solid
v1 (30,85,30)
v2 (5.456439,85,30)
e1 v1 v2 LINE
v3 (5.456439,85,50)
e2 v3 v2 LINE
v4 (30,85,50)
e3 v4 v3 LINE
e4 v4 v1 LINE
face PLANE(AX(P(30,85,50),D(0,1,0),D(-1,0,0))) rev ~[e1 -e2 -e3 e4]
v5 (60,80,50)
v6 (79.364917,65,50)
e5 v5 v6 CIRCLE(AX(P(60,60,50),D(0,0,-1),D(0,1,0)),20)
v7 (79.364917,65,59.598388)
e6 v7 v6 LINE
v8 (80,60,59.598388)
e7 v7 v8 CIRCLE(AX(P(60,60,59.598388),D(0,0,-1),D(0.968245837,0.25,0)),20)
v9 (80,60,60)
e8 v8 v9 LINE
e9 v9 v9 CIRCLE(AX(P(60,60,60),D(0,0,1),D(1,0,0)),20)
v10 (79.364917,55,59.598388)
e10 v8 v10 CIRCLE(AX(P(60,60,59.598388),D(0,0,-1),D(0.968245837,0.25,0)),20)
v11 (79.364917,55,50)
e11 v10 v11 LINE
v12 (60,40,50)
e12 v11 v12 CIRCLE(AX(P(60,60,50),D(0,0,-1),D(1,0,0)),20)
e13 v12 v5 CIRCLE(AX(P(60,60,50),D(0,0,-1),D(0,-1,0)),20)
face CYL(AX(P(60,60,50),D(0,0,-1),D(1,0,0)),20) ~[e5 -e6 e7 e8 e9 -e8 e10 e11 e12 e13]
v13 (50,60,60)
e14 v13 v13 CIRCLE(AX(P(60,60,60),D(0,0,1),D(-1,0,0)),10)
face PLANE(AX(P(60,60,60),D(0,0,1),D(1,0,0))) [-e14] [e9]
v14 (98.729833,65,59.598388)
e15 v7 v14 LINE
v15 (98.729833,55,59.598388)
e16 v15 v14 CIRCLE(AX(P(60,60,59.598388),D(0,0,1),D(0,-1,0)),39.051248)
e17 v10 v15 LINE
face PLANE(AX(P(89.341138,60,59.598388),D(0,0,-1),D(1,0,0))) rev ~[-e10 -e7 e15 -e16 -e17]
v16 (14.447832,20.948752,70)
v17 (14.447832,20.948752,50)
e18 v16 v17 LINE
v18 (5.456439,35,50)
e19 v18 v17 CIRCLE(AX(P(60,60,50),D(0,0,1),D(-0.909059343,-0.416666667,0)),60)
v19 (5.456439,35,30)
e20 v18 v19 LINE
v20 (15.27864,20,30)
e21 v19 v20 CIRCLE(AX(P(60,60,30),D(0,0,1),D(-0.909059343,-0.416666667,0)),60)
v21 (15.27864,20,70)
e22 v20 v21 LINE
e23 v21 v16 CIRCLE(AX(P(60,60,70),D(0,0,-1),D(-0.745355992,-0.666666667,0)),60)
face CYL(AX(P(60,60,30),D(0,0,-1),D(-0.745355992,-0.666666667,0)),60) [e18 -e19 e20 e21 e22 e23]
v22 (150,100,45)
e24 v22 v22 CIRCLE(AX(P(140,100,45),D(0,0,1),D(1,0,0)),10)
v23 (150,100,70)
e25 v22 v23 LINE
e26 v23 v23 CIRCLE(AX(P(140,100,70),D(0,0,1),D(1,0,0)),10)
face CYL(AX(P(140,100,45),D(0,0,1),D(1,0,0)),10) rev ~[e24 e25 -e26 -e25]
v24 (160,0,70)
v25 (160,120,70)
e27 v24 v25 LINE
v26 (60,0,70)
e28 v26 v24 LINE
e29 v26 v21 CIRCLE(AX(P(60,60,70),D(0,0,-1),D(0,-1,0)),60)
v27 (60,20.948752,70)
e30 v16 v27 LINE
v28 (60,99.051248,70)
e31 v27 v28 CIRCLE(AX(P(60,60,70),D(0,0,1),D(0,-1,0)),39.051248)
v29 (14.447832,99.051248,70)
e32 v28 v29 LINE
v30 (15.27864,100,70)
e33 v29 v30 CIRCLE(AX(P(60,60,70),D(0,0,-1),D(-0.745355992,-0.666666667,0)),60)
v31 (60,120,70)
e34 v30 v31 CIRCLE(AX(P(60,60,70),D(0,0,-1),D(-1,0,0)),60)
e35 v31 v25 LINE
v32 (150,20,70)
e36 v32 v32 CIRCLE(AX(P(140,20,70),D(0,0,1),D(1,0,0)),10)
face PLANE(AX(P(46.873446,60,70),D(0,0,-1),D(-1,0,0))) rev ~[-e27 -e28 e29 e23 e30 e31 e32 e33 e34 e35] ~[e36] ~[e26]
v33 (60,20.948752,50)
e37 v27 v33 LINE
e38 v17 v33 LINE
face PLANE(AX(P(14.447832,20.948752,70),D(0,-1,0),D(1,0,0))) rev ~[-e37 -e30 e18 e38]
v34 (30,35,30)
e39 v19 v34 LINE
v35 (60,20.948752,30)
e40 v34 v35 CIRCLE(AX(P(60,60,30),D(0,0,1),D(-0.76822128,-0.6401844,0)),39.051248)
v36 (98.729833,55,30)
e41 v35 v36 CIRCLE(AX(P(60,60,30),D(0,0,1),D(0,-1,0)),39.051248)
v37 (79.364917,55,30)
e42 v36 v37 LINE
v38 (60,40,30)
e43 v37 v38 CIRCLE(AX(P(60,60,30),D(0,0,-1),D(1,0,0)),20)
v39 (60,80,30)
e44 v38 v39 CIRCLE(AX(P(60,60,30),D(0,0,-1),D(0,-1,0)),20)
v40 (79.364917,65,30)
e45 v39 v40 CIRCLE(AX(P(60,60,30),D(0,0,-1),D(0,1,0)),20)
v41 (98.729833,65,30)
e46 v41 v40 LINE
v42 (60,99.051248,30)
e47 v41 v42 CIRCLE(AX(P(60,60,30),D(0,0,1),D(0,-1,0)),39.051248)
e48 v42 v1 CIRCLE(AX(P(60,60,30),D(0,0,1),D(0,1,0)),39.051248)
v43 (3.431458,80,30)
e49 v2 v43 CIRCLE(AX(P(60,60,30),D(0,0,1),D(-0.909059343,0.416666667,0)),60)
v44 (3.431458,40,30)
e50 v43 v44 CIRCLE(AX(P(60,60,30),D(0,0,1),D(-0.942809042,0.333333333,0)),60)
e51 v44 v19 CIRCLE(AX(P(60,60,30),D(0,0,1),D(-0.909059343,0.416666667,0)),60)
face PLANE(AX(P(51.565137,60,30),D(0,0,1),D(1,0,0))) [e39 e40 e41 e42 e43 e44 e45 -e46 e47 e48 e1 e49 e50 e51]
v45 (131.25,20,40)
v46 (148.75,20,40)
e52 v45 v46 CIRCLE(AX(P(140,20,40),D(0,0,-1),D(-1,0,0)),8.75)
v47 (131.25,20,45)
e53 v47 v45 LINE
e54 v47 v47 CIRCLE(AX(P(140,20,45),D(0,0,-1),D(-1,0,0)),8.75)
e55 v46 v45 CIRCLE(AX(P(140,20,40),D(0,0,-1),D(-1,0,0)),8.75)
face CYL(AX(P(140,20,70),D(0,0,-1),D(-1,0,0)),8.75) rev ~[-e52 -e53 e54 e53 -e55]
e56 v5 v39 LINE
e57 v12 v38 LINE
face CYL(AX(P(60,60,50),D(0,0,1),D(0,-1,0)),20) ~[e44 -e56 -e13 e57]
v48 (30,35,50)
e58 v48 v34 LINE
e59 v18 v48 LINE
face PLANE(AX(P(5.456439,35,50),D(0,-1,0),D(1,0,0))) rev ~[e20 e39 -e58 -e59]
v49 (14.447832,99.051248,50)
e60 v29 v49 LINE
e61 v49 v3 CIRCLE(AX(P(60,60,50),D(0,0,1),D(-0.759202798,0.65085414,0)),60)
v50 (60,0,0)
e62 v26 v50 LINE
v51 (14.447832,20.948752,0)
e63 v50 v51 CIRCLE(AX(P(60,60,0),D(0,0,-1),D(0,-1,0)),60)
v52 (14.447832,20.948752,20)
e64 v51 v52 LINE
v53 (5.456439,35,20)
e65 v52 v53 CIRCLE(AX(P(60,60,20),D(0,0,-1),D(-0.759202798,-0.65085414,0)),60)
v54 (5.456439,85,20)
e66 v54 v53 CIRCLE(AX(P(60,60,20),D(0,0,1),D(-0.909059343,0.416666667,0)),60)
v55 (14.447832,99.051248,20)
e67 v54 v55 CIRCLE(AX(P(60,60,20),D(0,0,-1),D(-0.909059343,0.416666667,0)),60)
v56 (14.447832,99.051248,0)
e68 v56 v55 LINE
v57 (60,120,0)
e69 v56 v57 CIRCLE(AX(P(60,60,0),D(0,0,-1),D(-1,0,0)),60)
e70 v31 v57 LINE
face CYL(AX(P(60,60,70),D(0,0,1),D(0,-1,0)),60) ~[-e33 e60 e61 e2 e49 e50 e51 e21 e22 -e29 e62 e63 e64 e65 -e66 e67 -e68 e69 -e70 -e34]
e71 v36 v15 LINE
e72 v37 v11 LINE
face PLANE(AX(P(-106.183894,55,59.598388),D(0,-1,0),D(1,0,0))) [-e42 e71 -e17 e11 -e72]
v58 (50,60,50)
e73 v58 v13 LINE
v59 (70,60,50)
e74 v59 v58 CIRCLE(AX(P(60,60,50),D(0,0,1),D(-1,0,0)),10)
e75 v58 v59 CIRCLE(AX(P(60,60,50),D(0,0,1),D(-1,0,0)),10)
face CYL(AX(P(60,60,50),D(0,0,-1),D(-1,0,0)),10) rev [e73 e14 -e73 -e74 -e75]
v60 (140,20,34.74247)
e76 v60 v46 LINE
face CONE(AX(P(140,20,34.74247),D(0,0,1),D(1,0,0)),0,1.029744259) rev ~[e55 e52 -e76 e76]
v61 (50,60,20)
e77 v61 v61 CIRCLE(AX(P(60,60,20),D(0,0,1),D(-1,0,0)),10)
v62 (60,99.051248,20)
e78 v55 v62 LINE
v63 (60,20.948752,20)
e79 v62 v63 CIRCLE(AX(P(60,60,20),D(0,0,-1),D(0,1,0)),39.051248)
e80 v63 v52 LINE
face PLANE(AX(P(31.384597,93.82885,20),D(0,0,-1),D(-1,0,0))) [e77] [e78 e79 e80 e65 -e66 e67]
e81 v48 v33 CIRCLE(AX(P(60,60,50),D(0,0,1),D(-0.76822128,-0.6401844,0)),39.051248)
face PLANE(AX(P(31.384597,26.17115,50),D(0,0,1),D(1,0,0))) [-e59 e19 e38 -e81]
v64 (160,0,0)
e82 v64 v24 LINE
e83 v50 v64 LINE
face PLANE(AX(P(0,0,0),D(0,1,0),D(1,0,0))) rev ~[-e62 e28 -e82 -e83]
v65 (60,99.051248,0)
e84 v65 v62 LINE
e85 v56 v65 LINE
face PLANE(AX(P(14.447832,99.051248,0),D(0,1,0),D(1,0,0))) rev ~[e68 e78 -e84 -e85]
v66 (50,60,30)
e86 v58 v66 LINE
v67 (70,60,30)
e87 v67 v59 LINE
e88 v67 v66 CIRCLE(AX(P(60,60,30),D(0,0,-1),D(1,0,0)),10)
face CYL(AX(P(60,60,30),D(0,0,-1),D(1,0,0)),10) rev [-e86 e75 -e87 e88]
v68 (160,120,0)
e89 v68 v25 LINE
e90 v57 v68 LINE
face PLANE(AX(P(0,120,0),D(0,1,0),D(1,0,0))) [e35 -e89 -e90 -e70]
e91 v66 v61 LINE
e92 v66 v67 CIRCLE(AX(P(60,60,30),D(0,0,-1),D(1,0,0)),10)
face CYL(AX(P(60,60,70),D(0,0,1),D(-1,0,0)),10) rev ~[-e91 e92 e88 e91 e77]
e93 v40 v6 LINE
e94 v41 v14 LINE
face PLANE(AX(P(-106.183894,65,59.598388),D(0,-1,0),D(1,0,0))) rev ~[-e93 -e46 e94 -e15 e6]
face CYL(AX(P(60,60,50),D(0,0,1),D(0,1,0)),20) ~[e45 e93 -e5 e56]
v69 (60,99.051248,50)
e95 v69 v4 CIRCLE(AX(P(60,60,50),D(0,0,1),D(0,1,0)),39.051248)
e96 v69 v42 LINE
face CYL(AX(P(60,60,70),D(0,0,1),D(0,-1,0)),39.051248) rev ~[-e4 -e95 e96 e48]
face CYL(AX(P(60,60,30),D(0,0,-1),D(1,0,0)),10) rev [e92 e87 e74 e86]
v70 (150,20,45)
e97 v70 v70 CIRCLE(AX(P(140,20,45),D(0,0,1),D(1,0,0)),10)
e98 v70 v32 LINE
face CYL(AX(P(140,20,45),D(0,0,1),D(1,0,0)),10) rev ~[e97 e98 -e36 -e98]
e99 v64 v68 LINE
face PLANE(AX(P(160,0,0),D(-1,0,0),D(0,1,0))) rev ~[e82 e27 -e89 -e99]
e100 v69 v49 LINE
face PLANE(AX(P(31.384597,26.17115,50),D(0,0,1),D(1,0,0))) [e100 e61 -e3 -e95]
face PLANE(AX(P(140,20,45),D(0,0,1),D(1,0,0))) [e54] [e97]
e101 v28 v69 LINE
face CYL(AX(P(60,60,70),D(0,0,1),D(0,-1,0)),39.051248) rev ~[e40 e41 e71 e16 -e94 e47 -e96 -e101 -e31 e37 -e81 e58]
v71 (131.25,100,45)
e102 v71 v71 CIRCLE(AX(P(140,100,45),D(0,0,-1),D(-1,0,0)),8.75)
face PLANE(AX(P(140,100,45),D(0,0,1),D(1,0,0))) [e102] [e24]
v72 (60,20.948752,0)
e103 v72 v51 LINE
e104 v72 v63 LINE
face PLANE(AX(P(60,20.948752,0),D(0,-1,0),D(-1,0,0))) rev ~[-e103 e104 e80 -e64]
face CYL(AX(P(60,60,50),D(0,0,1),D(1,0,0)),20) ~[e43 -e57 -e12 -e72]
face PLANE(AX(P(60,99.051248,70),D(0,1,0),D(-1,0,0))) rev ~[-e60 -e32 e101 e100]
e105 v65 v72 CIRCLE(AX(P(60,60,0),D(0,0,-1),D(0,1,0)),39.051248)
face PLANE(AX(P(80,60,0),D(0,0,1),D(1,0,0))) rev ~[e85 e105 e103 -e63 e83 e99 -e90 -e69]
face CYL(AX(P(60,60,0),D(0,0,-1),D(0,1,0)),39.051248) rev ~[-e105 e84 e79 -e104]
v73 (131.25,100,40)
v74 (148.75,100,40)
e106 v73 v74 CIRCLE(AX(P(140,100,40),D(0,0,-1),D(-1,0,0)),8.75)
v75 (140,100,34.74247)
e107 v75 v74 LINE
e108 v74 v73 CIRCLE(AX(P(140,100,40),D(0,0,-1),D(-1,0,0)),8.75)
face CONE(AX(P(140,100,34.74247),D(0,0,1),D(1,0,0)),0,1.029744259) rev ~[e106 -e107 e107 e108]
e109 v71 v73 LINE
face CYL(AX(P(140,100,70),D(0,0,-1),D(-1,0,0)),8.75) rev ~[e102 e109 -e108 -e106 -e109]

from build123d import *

# Parameters (mm, degrees)
SKETCH1_W                    = 160
SKETCH1_H                    = 120
BOSS_EXTRUDE1_DEPTH          = 70
CUT_EXTRUDE1_DEPTH           = 70
M20_TAPPED_HOLE3_D           = 17.5
M20_TAPPED_HOLE3_DEPTH       = 30
M20_TAPPED_HOLE3_CBORE_D     = 20
M20_TAPPED_HOLE3_CBORE_DEPTH = 25
M20_TAPPED_HOLE3_TIP         = 5.257530416
F_20_0MM_DOWEL_SLOT1_D       = 20
F_20_0MM_DOWEL_SLOT1_DEPTH   = 40
F_20_0MM_DOWEL_SLOT1_TIP     = 6.00860619
SKETCH16_R                   = 10
CUT_EXTRUDE3_DEPTH           = 40
CUT_EXTRUDE4_DEPTH           = 40
SKETCH18_R                   = 10
BOSS_EXTRUDE2_DEPTH          = 40
CUT_EXTRUDE6_DEPTH           = 20
SKETCH20_R                   = 10
CUT_EXTRUDE7_DEPTH           = 71
SKETCH21_R                   = 10
CUT_EXTRUDE8_DEPTH           = 20
CUT_EXTRUDE11_DEPTH          = 20
CUT_EXTRUDE12_DEPTH          = 20
SKETCH25_R                   = 20
SKETCH25_R_2                 = 10
BOSS_EXTRUDE6_DEPTH          = 10
RIB1_REACH                   = 186.662
SKETCH26_WALL_W              = 391.050063724
SKETCH26_WALL_H              = 10


with BuildPart() as part:
    # Sketch1 → Boss-Extrude1 (new body)
    with BuildSketch(Plane.XY):
        with Locations((80, 60)):
            Rectangle(SKETCH1_W, SKETCH1_H)
    extrude(amount=BOSS_EXTRUDE1_DEPTH)

    # Sketch2 → Cut-Extrude1 (cut)
    with BuildSketch(Plane.XY.offset(70)):
        with BuildLine():
            Line((60, 120), (0, 120))
            Line((0, 120), (0, 60))
            ThreePointArc((0, 60), (17.573593129, 102.426406871), (60, 120))
        make_face()
        with BuildLine():
            ThreePointArc((60, 0), (17.573593129, 17.573593129), (0, 60))
            Line((0, 60), (0, 0))
            Line((0, 0), (60, 0))
        make_face()
    extrude(amount=-CUT_EXTRUDE1_DEPTH, mode=Mode.SUBTRACT)

    # M20 Tapped Hole3
    with Locations(Plane(origin=(140, 100, 70), x_dir=(1, 0, 0), z_dir=(0, 0, 1))):
        with Locations((0, 0), (0, -80)):
            CounterBoreHole(M20_TAPPED_HOLE3_D / 2, M20_TAPPED_HOLE3_CBORE_D / 2, M20_TAPPED_HOLE3_CBORE_DEPTH, depth=M20_TAPPED_HOLE3_DEPTH)
            with Locations((0, 0, -(M20_TAPPED_HOLE3_DEPTH + M20_TAPPED_HOLE3_TIP / 2))):  # 118° drill point
                Cone(0, M20_TAPPED_HOLE3_D / 2, M20_TAPPED_HOLE3_TIP, mode=Mode.SUBTRACT)

    # 20.0mm Dowel Slot1
    with Locations(Plane.XY.offset(70)):
        with Locations((60, 60)):
            Hole(F_20_0MM_DOWEL_SLOT1_D / 2, depth=F_20_0MM_DOWEL_SLOT1_DEPTH)
            with Locations((0, 0, -(F_20_0MM_DOWEL_SLOT1_DEPTH + F_20_0MM_DOWEL_SLOT1_TIP / 2))):  # 118° drill point
                Cone(0, F_20_0MM_DOWEL_SLOT1_D / 2, F_20_0MM_DOWEL_SLOT1_TIP, mode=Mode.SUBTRACT)

    # Sketch16 → Cut-Extrude3 (cut)
    with BuildSketch(Plane.XY.offset(70)):
        with BuildLine():
            ThreePointArc((28.775010008, 35), (100, 60), (28.775010008, 85))
            Line((28.775010008, 85), (5.456439427, 85))
            ThreePointArc((5.456439427, 85), (0, 60), (5.456439427, 35))
            Line((5.456439427, 35), (28.775010008, 35))
        make_face()
        with Locations((60, 60)):
            Circle(SKETCH16_R, mode=Mode.SUBTRACT)
    extrude(amount=-CUT_EXTRUDE3_DEPTH, mode=Mode.SUBTRACT)

    # Sketch17 → Cut-Extrude4 (cut)
    with BuildSketch(Plane.XY.offset(30)):
        with BuildLine():
            Line((5.456439427, 85), (28.775010008, 85))
            ThreePointArc((28.775010008, 85), (42.679491924, 96.055512755), (60, 100))
            Line((60, 100), (15.27864045, 100))
            ThreePointArc((15.27864045, 100), (9.804072956, 92.868965731), (5.456439427, 85))
        make_face()
        with BuildLine():
            Line((28.775010008, 35), (5.456439427, 35))
            ThreePointArc((5.456439427, 35), (9.804072956, 27.131034269), (15.27864045, 20))
            Line((15.27864045, 20), (60, 20))
            ThreePointArc((60, 20), (42.679491924, 23.944487245), (28.775010008, 35))
        make_face()
    extrude(amount=CUT_EXTRUDE4_DEPTH, mode=Mode.SUBTRACT)

    # Sketch18 → Boss-Extrude2 (add)
    with BuildSketch(Plane.XY.offset(30)):
        with BuildLine():
            Line((60, 20), (15.27864045, 20))
            ThreePointArc((15.27864045, 20), (0, 60), (15.27864045, 100))
            Line((15.27864045, 100), (60, 100))
            ThreePointArc((60, 100), (100, 60), (60, 20))
        make_face()
        with Locations((60, 60)):
            Circle(SKETCH18_R, mode=Mode.SUBTRACT)
    extrude(amount=BOSS_EXTRUDE2_DEPTH)

    # Sketch19 → Cut-Extrude6 (cut)
    with BuildSketch(Plane(origin=(0, 0, 0), x_dir=(-1, 0, 0), z_dir=(0, 0, -1))):
        with BuildLine():
            ThreePointArc((-60, 99.05124838), (-43.43620227, 95.364397418), (-30, 85))
            Line((-30, 85), (-5.456439427, 85))
            ThreePointArc((-5.456439427, 85), (-9.461419592, 92.339633429), (-14.447832104, 99.05124838))
            Line((-14.447832104, 99.05124838), (-60, 99.05124838))
        make_face()
        with BuildLine():
            Line((-5.456439427, 85), (-30, 85))
            ThreePointArc((-30, 85), (-43.43620227, 95.364397418), (-60, 99.05124838))
            ThreePointArc((-60, 99.05124838), (-99.05124838, 60), (-60, 20.94875162))
            ThreePointArc((-60, 20.94875162), (-43.43620227, 24.635602582), (-30, 35))
            Line((-30, 35), (-5.456439427, 35))
            ThreePointArc((-5.456439427, 35), (0, 60), (-5.456439427, 85))
        make_face()
        with BuildLine():
            ThreePointArc((-14.447832104, 20.94875162), (-9.461419592, 27.660366571), (-5.456439427, 35))
            Line((-5.456439427, 35), (-30, 35))
            ThreePointArc((-30, 35), (-43.43620227, 24.635602582), (-60, 20.94875162))
            Line((-60, 20.94875162), (-14.447832104, 20.94875162))
        make_face()
    extrude(amount=-CUT_EXTRUDE6_DEPTH, mode=Mode.SUBTRACT)

    # Sketch20 → Cut-Extrude7 (cut)
    with BuildSketch(Plane.XY.offset(70)):
        with Locations(Location((60, 60, 0), (0, 0, 180))):
            Circle(SKETCH20_R)
    extrude(amount=-CUT_EXTRUDE7_DEPTH, mode=Mode.SUBTRACT)

    # Sketch21 → Cut-Extrude8 (cut)
    with BuildSketch(Plane.XY.offset(70)):
        with BuildLine():
            Line((30, 35), (5.456439427, 35))
            ThreePointArc((5.456439427, 35), (9.461419592, 27.660366571), (14.447832104, 20.94875162))
            Line((14.447832104, 20.94875162), (60, 20.94875162))
            ThreePointArc((60, 20.94875162), (43.43620227, 24.635602582), (30, 35))
        make_face()
        with BuildLine():
            Line((5.456439427, 85), (30, 85))
            ThreePointArc((30, 85), (43.43620227, 95.364397418), (60, 99.05124838))
            Line((60, 99.05124838), (14.447832104, 99.05124838))
            ThreePointArc((14.447832104, 99.05124838), (9.461419592, 92.339633429), (5.456439427, 85))
        make_face()
        with BuildLine():
            ThreePointArc((60, 99.05124838), (43.43620227, 95.364397418), (30, 85))
            Line((30, 85), (5.456439427, 85))
            ThreePointArc((5.456439427, 85), (0, 60), (5.456439427, 35))
            Line((5.456439427, 35), (30, 35))
            ThreePointArc((30, 35), (43.43620227, 24.635602582), (60, 20.94875162))
            ThreePointArc((60, 20.94875162), (99.05124838, 60), (60, 99.05124838))
        make_face()
        with Locations(Location((60, 60, 0), (0, 0, 180))):
            Circle(SKETCH21_R, mode=Mode.SUBTRACT)
    extrude(amount=-CUT_EXTRUDE8_DEPTH, mode=Mode.SUBTRACT)

    # Sketch22 → Cut-Extrude11 (cut)
    with BuildSketch(Plane.XY.offset(50)):
        with BuildLine():
            ThreePointArc((60, 99.05124838), (43.43620227, 95.364397418), (30, 85))
            Line((30, 85), (5.456439427, 85))
            ThreePointArc((5.456439427, 85), (4.387727415, 82.522769322), (3.431457505, 80))
            Line((3.431457505, 80), (60, 80))
            ThreePointArc((60, 80), (74.142135624, 74.142135624), (80, 60))
            ThreePointArc((80, 60), (74.142135624, 45.857864376), (60, 40))
            Line((60, 40), (3.431457505, 40))
            ThreePointArc((3.431457505, 40), (4.387727415, 37.477230678), (5.456439427, 35))
            Line((5.456439427, 35), (30, 35))
            ThreePointArc((30, 35), (43.43620227, 24.635602582), (60, 20.94875162))
            ThreePointArc((60, 20.94875162), (99.05124838, 60), (60, 99.05124838))
        make_face()
    extrude(amount=-CUT_EXTRUDE11_DEPTH, mode=Mode.SUBTRACT)

    # Sketch23 → Cut-Extrude12 (cut)
    with BuildSketch(Plane.XY.offset(50)):
        with BuildLine():
            ThreePointArc((60, 40), (40, 60), (60, 80))
            Line((60, 80), (3.431457505, 80))
            ThreePointArc((3.431457505, 80), (0, 60), (3.431457505, 40))
            Line((3.431457505, 40), (60, 40))
        make_face()
    extrude(amount=-CUT_EXTRUDE12_DEPTH, mode=Mode.SUBTRACT)

    # Sketch25 → Boss-Extrude6 (add)
    with BuildSketch(Plane.XY.offset(50)):
        with Locations((60, 60)):
            Circle(SKETCH25_R)
        with Locations(Location((60, 60, 0), (0, 0, 180))):
            Circle(SKETCH25_R_2, mode=Mode.SUBTRACT)
    extrude(amount=BOSS_EXTRUDE6_DEPTH)

    # Sketch26 wall → Rib1 (add, up to next)
    with BuildSketch(Plane(origin=(89.34113782, 60, 59.598387785), x_dir=(1, 0, 0), z_dir=(0, 0, -1)), mode=Mode.PRIVATE) as rib1_sk1:
        Rectangle(SKETCH26_WALL_W, SKETCH26_WALL_H)
    rib1_tool1 = extrude(rib1_sk1.sketch, amount=RIB1_REACH, mode=Mode.PRIVATE) - part.part
    add(rib1_tool1.solids().sort_by_distance((89.34113782, 60, 59.598387785))[0])


solid = part.part
